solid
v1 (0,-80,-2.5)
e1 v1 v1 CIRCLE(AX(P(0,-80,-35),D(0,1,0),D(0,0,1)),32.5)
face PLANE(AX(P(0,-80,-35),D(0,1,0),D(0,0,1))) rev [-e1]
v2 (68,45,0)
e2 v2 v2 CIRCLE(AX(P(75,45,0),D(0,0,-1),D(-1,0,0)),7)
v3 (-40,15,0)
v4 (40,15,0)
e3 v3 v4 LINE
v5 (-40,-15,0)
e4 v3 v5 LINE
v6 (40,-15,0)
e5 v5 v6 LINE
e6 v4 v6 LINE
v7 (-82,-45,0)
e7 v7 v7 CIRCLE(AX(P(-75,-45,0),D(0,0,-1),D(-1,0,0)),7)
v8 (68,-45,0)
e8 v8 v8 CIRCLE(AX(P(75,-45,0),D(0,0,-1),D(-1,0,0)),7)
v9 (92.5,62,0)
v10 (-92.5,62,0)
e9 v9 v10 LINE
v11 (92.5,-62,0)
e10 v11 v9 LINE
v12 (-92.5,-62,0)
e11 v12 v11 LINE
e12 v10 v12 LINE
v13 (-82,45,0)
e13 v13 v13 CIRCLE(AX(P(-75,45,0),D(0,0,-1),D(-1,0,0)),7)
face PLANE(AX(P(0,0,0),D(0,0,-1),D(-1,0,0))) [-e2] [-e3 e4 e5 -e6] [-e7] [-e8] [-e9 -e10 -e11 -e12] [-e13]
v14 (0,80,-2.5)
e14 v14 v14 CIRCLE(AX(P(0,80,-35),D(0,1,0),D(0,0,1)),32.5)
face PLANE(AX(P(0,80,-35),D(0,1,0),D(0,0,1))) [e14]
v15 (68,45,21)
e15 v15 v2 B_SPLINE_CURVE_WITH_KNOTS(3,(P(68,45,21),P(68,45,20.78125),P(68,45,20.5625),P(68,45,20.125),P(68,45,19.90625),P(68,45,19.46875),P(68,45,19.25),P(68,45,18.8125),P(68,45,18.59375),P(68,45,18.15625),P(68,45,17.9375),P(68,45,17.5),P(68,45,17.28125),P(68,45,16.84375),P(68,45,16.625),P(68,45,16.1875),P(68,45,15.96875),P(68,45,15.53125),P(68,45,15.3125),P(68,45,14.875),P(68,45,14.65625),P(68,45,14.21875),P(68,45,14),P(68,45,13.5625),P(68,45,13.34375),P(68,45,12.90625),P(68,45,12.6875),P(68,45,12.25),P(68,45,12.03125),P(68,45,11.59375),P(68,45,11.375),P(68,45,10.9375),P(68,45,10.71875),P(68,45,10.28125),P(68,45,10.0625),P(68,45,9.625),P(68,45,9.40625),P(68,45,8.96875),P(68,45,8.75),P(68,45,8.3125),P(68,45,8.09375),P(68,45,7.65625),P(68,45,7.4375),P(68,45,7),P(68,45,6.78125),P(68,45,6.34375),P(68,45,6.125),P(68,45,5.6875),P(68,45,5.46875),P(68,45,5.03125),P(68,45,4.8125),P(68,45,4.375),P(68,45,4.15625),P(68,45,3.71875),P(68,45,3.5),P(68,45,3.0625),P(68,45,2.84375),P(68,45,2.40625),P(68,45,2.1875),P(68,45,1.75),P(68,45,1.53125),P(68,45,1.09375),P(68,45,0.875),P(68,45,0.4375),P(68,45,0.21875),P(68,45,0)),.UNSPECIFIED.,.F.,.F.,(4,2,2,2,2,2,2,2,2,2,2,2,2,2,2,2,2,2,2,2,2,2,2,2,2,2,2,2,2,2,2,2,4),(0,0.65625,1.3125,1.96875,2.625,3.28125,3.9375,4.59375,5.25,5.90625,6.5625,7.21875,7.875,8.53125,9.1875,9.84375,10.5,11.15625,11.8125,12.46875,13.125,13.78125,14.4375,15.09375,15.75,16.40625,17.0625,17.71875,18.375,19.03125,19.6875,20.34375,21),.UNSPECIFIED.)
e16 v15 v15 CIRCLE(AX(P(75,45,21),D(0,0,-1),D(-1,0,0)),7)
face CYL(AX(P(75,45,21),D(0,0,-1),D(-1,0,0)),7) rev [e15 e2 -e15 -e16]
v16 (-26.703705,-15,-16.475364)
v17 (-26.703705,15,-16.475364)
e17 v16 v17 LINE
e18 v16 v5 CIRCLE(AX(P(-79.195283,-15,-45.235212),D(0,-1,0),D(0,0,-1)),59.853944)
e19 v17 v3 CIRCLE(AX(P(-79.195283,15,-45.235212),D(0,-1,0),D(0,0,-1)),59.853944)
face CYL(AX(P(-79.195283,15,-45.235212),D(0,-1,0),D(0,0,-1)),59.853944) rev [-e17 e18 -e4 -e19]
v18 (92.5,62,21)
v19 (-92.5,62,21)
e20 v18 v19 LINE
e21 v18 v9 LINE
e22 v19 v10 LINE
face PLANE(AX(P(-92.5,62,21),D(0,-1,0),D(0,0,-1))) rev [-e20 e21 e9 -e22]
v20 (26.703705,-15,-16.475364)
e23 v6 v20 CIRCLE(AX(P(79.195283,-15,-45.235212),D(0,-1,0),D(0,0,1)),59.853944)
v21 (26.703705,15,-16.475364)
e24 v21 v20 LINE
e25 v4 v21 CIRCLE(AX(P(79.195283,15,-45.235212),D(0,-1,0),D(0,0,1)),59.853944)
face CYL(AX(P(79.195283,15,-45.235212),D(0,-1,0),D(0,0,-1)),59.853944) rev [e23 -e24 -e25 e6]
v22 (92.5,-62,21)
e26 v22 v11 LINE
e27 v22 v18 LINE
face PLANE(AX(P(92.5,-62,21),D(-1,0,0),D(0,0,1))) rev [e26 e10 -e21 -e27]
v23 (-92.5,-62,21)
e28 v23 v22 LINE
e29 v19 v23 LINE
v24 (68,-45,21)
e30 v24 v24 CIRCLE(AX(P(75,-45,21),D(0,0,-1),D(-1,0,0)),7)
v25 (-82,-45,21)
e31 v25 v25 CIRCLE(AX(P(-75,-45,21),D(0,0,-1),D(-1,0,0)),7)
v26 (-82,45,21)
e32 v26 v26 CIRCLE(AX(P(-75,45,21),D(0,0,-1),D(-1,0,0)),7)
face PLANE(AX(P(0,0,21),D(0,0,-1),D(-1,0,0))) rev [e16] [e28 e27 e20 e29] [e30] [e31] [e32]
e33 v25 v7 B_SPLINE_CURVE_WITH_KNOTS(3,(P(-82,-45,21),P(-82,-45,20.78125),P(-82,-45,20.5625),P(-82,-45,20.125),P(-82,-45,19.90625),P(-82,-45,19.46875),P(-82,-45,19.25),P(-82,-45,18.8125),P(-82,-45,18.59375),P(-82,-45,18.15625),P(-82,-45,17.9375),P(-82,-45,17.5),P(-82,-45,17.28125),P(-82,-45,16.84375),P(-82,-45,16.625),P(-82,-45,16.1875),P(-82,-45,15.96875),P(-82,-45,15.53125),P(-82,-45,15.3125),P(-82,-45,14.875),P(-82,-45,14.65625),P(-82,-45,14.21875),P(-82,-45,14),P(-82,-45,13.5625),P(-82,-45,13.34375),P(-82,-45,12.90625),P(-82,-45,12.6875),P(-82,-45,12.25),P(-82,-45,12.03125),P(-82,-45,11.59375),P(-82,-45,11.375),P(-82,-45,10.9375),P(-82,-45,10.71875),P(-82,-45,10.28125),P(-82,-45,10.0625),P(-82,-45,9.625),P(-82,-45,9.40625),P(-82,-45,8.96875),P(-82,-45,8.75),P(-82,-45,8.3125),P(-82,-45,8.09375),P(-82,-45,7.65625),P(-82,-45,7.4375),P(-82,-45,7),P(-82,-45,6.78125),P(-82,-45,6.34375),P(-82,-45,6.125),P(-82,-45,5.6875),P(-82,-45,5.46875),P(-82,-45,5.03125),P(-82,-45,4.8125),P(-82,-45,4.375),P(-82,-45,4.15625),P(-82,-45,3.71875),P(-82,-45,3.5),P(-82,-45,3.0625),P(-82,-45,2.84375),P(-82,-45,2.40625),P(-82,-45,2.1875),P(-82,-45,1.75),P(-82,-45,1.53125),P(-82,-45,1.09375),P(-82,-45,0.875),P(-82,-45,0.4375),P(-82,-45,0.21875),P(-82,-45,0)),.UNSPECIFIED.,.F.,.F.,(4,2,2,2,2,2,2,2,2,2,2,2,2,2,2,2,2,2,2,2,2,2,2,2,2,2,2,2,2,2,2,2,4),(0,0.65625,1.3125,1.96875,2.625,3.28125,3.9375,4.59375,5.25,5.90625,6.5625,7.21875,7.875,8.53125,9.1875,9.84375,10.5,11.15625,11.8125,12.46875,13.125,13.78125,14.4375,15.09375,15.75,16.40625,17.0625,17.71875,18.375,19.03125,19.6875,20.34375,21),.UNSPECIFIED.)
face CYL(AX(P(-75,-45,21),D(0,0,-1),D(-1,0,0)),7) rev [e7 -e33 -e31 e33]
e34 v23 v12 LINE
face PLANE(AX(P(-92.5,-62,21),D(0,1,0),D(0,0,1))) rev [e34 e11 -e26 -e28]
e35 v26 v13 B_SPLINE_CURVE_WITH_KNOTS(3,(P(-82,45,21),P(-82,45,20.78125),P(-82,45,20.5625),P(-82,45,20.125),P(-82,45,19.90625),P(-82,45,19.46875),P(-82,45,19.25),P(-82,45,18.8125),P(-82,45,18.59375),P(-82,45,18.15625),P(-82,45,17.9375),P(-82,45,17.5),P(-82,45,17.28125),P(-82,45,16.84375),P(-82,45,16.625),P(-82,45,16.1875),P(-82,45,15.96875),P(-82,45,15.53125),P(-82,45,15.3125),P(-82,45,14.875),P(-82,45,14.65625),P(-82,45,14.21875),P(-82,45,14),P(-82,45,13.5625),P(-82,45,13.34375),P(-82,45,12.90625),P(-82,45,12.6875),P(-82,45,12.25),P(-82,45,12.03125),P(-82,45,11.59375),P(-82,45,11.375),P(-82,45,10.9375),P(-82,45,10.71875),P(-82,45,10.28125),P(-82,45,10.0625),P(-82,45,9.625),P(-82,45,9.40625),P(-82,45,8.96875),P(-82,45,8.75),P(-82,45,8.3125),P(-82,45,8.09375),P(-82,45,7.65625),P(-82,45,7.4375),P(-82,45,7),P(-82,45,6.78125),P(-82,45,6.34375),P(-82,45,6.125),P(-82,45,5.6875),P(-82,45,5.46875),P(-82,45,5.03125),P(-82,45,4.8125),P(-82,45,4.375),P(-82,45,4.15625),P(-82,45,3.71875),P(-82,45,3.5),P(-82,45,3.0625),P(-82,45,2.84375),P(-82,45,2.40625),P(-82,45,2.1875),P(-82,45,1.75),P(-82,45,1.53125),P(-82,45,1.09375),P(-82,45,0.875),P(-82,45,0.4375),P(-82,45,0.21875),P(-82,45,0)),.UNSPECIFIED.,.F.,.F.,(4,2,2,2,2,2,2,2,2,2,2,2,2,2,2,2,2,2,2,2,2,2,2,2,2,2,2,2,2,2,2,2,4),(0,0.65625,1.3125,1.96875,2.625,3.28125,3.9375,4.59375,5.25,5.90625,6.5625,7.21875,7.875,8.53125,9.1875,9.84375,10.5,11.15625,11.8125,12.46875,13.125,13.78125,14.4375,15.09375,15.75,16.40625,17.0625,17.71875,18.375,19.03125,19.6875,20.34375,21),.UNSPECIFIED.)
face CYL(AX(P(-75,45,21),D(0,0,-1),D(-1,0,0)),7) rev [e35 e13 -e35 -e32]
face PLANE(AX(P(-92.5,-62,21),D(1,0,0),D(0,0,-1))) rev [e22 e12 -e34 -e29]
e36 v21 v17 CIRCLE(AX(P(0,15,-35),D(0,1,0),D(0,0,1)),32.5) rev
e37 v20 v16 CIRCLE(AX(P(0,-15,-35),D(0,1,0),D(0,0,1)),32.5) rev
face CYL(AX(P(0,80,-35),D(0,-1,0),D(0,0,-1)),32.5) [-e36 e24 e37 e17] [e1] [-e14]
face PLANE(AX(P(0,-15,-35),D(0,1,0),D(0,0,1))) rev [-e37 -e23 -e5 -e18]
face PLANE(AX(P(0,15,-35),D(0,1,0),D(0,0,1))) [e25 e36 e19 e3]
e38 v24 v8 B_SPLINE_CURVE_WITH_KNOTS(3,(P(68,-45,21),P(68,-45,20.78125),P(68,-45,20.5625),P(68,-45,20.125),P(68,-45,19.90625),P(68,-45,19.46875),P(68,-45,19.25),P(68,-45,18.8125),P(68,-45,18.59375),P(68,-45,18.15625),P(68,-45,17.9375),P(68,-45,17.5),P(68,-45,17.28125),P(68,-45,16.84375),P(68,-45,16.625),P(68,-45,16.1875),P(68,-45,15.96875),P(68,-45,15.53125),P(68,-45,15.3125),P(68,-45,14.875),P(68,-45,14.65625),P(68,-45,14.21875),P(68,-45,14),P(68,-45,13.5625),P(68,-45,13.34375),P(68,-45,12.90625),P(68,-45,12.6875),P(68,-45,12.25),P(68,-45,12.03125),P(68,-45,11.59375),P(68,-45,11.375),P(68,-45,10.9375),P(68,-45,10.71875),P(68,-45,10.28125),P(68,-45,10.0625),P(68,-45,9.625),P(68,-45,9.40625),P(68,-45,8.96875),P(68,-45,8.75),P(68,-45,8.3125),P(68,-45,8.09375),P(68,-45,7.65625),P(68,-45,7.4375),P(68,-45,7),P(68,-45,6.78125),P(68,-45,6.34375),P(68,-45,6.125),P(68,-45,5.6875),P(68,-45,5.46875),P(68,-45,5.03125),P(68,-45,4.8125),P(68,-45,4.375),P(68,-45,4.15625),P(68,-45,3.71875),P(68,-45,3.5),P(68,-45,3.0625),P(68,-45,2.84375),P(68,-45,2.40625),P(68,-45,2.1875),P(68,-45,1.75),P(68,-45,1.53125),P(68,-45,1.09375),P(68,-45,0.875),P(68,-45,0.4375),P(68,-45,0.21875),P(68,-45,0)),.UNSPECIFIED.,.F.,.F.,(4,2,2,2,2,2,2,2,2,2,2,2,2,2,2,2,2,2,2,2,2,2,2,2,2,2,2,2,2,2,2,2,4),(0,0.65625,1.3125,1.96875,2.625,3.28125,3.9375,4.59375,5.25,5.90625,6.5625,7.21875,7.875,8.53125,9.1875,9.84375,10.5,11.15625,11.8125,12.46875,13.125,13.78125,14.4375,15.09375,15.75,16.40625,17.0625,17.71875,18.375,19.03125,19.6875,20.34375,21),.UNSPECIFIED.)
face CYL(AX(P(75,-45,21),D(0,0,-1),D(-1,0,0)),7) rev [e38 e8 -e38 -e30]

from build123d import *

# Parameters (mm, degrees)
SKETCH_1_W          = 185
SKETCH_1_H          = 124
EXTRUDE_1_DEPTH     = 21
EXTRUDE_2_DEPTH     = 15
SKETCH_5_R          = 32.5
EXTRUDE_3_DEPTH     = 80
SKETCH_6_R          = 7
CUT_EXTRUDE_1_DEPTH = 140.687150447


with BuildPart() as part:
    # 草图1 → 凸台-拉伸1 (new body)
    with BuildSketch(Plane.XY):
        Rectangle(SKETCH_1_W, SKETCH_1_H)
    extrude(amount=EXTRUDE_1_DEPTH)

    # 草图3 → 凸台-拉伸2 (add, symmetric)
    with BuildSketch(Plane(origin=(0, 0, 0), x_dir=(1, 0, 0), z_dir=(0, 1, 0))):
        with BuildLine():
            Line((40, 0), (-40, 0))
            ThreePointArc((-40, 0), (-26.459601843, 16.925451065), (-19.835033499, 37.563483197))
            ThreePointArc((-19.835033499, 37.563483197), (0, 15), (19.835033499, 37.563483197))
            ThreePointArc((19.835033499, 37.563483197), (26.459601843, 16.925451065), (40, 0))
        make_face()
    extrude(amount=EXTRUDE_2_DEPTH, both=True)

    # 草图5 → 凸台-拉伸3 (add, symmetric)
    with BuildSketch(Plane(origin=(0, 0, 0), x_dir=(1, 0, 0), z_dir=(0, 1, 0))):
        with Locations(Location((0, 35, 0), (0, 0, 270))):
            Circle(SKETCH_5_R)
    extrude(amount=EXTRUDE_3_DEPTH, both=True)

    # 草图6 → 切除-拉伸1 (cut, through all)
    with BuildSketch(Plane(origin=(0, 0, 0), x_dir=(-1, 0, 0), z_dir=(0, 0, -1))):
        with Locations((-75, 45)):
            Circle(SKETCH_6_R)
        with Locations((75, 45)):
            Circle(SKETCH_6_R)
        with Locations((75, -45)):
            Circle(SKETCH_6_R)
        with Locations((-75, -45)):
            Circle(SKETCH_6_R)
    extrude(amount=-CUT_EXTRUDE_1_DEPTH, mode=Mode.SUBTRACT)


solid = part.part
